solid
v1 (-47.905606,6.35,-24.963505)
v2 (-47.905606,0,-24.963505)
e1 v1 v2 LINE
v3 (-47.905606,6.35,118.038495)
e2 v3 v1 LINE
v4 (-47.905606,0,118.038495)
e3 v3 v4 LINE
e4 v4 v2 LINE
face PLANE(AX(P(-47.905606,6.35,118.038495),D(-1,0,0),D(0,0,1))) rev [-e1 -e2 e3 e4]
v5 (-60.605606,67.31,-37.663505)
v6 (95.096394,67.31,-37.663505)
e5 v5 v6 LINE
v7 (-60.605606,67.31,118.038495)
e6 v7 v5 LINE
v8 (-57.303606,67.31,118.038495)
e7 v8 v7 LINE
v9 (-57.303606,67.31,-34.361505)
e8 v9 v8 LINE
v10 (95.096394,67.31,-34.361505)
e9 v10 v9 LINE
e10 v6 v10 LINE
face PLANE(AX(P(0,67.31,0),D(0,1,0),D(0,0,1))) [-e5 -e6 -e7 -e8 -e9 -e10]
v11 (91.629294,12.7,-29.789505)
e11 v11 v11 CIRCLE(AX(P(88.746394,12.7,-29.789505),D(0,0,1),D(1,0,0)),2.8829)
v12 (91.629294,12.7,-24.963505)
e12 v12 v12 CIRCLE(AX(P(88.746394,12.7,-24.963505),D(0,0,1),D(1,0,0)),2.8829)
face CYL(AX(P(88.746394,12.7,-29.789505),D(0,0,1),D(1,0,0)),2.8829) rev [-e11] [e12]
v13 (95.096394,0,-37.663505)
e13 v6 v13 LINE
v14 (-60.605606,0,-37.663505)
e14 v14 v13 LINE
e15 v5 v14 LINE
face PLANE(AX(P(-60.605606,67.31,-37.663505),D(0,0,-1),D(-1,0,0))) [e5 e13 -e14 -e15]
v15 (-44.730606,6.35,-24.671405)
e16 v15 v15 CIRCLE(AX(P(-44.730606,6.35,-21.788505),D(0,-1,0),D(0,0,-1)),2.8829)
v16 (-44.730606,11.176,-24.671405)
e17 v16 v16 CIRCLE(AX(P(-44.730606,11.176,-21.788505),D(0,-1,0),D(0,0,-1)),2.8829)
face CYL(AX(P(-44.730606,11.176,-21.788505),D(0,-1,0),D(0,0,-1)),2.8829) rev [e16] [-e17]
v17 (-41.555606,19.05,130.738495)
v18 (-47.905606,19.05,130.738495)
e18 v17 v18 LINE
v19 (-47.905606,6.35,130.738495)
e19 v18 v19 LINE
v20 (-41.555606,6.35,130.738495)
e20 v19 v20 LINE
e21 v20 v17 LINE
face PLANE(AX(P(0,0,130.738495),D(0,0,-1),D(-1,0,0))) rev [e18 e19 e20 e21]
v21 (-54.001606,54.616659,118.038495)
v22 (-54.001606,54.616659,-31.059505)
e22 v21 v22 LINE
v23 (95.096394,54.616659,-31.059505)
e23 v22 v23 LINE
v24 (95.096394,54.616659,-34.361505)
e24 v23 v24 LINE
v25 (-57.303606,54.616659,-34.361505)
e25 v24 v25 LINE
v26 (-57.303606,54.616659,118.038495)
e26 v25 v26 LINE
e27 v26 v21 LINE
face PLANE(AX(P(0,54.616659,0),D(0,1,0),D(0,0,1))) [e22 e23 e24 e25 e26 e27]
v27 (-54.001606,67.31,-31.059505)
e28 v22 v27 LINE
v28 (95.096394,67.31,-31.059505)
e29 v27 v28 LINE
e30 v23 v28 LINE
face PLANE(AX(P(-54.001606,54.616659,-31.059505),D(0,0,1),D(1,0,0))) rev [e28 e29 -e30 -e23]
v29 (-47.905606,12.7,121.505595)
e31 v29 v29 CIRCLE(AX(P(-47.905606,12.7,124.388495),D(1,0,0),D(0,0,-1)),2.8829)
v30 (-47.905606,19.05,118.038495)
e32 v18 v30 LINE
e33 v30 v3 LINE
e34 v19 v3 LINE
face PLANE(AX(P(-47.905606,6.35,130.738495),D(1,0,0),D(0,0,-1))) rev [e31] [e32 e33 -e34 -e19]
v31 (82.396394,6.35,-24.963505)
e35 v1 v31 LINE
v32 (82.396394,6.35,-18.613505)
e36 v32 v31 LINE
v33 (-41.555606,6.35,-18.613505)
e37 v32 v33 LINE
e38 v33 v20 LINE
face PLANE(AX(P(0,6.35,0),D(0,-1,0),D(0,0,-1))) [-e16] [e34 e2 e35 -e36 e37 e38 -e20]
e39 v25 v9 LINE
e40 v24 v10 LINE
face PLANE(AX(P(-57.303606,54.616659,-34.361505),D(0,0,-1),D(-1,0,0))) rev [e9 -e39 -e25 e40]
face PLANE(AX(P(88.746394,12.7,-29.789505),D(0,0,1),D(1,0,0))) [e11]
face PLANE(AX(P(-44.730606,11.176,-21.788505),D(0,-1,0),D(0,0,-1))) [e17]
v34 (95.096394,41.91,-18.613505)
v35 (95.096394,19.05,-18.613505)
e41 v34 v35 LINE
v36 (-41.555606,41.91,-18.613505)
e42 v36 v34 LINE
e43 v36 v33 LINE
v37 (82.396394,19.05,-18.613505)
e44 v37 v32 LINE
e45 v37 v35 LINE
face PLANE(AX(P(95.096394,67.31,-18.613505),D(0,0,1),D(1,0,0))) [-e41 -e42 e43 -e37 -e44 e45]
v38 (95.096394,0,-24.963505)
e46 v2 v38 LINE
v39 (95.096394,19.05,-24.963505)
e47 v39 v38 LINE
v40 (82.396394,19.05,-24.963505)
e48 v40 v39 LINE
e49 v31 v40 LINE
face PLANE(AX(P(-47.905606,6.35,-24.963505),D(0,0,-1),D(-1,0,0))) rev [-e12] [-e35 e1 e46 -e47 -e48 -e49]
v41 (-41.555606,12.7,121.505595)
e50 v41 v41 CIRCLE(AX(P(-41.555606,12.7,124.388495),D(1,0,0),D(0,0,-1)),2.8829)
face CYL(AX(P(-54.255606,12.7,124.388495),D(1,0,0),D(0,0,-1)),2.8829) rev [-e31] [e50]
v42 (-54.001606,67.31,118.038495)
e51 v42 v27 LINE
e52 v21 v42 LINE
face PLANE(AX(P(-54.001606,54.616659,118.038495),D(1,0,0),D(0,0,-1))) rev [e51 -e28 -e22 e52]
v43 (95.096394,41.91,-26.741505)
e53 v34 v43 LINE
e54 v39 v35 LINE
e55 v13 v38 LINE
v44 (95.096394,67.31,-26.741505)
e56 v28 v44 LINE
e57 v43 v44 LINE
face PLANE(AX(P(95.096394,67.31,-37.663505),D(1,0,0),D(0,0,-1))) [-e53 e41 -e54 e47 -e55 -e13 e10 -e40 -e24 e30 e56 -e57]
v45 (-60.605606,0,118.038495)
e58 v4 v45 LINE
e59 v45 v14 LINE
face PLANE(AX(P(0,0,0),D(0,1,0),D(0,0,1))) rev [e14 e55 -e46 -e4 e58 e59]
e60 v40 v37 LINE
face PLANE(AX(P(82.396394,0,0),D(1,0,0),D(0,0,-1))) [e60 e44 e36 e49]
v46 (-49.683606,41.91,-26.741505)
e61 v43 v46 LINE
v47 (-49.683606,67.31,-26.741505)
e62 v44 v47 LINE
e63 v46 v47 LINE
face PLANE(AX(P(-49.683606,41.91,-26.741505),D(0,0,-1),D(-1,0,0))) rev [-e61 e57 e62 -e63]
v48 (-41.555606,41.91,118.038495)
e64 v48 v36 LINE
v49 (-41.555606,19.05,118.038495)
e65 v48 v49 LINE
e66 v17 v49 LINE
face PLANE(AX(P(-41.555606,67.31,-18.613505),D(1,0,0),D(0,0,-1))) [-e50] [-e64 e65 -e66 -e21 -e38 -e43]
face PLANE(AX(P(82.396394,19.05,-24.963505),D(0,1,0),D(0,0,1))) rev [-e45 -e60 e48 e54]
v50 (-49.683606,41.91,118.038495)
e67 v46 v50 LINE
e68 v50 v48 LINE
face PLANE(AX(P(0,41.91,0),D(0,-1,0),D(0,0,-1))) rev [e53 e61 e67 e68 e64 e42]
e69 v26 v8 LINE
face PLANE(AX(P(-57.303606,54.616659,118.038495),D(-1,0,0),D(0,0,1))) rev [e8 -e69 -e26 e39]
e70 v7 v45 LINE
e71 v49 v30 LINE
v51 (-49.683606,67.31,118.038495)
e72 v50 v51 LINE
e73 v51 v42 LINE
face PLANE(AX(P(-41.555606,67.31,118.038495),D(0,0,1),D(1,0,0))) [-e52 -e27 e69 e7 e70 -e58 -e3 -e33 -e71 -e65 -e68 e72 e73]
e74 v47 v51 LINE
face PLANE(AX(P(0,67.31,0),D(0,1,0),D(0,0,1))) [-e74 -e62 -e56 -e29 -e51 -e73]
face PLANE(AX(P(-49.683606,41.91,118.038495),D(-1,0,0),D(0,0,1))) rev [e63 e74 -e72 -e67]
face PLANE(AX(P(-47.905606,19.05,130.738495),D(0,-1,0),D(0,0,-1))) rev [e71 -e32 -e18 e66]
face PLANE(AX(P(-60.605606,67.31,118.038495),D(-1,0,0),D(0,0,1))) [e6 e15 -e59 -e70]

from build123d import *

# Parameters (mm, degrees)
BOSS_EXTRUDE5_DEPTH = 67.31
CUT_EXTRUDE2_DEPTH  = 12.693340834
CUT_EXTRUDE3_DEPTH  = 25.4
CUT_EXTRUDE5_DEPTH  = 6.35
SKETCH16_W          = 6.35
SKETCH16_H          = 12.7
BOSS_EXTRUDE6_DEPTH = 12.7
SKETCH17_W          = 6.35
SKETCH17_H          = 12.7
CUT_EXTRUDE6_DEPTH  = 12.7
SKETCH18_R          = 2.8829
CUT_EXTRUDE7_DEPTH  = 12.7
SKETCH19_R          = 2.8829
CUT_EXTRUDE8_DEPTH  = 4.826
SKETCH21_R          = 2.8829
CUT_EXTRUDE9_DEPTH  = 4.826


with BuildPart() as part:
    # Sketch1 → Boss-Extrude5 (new body)
    with BuildSketch(Plane(origin=(0, 0, 0), x_dir=(1, 0, 0), z_dir=(0, 1, 0))):
        Polygon((-60.605605599, 37.663504972), (95.096394401, 37.663504972), (95.096394401, 18.613504972), (-41.555605599, 18.613504972), (-41.555605599, -118.038495028), (-60.605605599, -118.038495028), align=None)
    extrude(amount=BOSS_EXTRUDE5_DEPTH)

    # Sketch8 → Cut-Extrude2 (cut)
    with BuildSketch(Plane(origin=(0, 67.31, 0), x_dir=(1, 0, 0), z_dir=(0, 1, 0))):
        Polygon((-57.303605599, -118.038495028), (-57.303605599, 34.361504972), (95.096394401, 34.361504972), (95.096394401, 31.059504972), (-54.001605599, 31.059504972), (-54.001605599, -118.038495028), align=None)
    extrude(amount=-CUT_EXTRUDE2_DEPTH, mode=Mode.SUBTRACT)

    # Sketch9 → Cut-Extrude3 (cut)
    with BuildSketch(Plane(origin=(0, 67.31, 0), x_dir=(1, 0, 0), z_dir=(0, 1, 0))):
        Polygon((-49.683605599, -118.038495028), (-49.683605599, 26.741504972), (95.096394401, 26.741504972), (95.096394401, 18.613504972), (-41.555605599, 18.613504972), (-41.555605599, -118.038495028), align=None)
    extrude(amount=-CUT_EXTRUDE3_DEPTH, mode=Mode.SUBTRACT)

    # Sketch15 → Cut-Extrude5 (cut)
    with BuildSketch(Plane.XZ):
        Polygon((-41.555605599, 118.038495028), (-47.905605599, 118.038495028), (-47.905605599, -24.963504972), (95.096394401, -24.963504972), (95.096394401, -18.613504972), (-41.555605599, -18.613504972), align=None)
    extrude(amount=-CUT_EXTRUDE5_DEPTH, mode=Mode.SUBTRACT)

    # Sketch16 → Boss-Extrude6 (add)
    with BuildSketch(Plane.XY.offset(118.038495028)):
        with Locations((-44.730605599, 12.7)):
            Rectangle(SKETCH16_W, SKETCH16_H)
    extrude(amount=BOSS_EXTRUDE6_DEPTH)

    # Sketch17 → Cut-Extrude6 (cut)
    with BuildSketch(Plane(origin=(95.096394401, 0, 0), x_dir=(0, 0, -1), z_dir=(1, 0, 0))):
        with Locations((21.788504972, 12.7)):
            Rectangle(SKETCH17_W, SKETCH17_H)
    extrude(amount=-CUT_EXTRUDE6_DEPTH, mode=Mode.SUBTRACT)

    # Sketch18 → Cut-Extrude7 (cut)
    with BuildSketch(Plane(origin=(-41.555605599, 0, 0), x_dir=(0, 0, -1), z_dir=(1, 0, 0))):
        with Locations((-124.388495028, 12.7)):
            Circle(SKETCH18_R)
    extrude(amount=-CUT_EXTRUDE7_DEPTH, mode=Mode.SUBTRACT)

    # Sketch19 → Cut-Extrude8 (cut)
    with BuildSketch(Plane.XY.offset(-24.963504972)):
        with Locations((88.746394401, 12.7)):
            Circle(SKETCH19_R)
    extrude(amount=-CUT_EXTRUDE8_DEPTH, mode=Mode.SUBTRACT)

    # Sketch21 → Cut-Extrude9 (cut)
    with BuildSketch(Plane.XZ.offset(-6.35)):
        with Locations(Location((-44.730605599, -21.788504972, 0), (0, 0, 270))):
            Circle(SKETCH21_R)
    extrude(amount=-CUT_EXTRUDE9_DEPTH, mode=Mode.SUBTRACT)


solid = part.part
